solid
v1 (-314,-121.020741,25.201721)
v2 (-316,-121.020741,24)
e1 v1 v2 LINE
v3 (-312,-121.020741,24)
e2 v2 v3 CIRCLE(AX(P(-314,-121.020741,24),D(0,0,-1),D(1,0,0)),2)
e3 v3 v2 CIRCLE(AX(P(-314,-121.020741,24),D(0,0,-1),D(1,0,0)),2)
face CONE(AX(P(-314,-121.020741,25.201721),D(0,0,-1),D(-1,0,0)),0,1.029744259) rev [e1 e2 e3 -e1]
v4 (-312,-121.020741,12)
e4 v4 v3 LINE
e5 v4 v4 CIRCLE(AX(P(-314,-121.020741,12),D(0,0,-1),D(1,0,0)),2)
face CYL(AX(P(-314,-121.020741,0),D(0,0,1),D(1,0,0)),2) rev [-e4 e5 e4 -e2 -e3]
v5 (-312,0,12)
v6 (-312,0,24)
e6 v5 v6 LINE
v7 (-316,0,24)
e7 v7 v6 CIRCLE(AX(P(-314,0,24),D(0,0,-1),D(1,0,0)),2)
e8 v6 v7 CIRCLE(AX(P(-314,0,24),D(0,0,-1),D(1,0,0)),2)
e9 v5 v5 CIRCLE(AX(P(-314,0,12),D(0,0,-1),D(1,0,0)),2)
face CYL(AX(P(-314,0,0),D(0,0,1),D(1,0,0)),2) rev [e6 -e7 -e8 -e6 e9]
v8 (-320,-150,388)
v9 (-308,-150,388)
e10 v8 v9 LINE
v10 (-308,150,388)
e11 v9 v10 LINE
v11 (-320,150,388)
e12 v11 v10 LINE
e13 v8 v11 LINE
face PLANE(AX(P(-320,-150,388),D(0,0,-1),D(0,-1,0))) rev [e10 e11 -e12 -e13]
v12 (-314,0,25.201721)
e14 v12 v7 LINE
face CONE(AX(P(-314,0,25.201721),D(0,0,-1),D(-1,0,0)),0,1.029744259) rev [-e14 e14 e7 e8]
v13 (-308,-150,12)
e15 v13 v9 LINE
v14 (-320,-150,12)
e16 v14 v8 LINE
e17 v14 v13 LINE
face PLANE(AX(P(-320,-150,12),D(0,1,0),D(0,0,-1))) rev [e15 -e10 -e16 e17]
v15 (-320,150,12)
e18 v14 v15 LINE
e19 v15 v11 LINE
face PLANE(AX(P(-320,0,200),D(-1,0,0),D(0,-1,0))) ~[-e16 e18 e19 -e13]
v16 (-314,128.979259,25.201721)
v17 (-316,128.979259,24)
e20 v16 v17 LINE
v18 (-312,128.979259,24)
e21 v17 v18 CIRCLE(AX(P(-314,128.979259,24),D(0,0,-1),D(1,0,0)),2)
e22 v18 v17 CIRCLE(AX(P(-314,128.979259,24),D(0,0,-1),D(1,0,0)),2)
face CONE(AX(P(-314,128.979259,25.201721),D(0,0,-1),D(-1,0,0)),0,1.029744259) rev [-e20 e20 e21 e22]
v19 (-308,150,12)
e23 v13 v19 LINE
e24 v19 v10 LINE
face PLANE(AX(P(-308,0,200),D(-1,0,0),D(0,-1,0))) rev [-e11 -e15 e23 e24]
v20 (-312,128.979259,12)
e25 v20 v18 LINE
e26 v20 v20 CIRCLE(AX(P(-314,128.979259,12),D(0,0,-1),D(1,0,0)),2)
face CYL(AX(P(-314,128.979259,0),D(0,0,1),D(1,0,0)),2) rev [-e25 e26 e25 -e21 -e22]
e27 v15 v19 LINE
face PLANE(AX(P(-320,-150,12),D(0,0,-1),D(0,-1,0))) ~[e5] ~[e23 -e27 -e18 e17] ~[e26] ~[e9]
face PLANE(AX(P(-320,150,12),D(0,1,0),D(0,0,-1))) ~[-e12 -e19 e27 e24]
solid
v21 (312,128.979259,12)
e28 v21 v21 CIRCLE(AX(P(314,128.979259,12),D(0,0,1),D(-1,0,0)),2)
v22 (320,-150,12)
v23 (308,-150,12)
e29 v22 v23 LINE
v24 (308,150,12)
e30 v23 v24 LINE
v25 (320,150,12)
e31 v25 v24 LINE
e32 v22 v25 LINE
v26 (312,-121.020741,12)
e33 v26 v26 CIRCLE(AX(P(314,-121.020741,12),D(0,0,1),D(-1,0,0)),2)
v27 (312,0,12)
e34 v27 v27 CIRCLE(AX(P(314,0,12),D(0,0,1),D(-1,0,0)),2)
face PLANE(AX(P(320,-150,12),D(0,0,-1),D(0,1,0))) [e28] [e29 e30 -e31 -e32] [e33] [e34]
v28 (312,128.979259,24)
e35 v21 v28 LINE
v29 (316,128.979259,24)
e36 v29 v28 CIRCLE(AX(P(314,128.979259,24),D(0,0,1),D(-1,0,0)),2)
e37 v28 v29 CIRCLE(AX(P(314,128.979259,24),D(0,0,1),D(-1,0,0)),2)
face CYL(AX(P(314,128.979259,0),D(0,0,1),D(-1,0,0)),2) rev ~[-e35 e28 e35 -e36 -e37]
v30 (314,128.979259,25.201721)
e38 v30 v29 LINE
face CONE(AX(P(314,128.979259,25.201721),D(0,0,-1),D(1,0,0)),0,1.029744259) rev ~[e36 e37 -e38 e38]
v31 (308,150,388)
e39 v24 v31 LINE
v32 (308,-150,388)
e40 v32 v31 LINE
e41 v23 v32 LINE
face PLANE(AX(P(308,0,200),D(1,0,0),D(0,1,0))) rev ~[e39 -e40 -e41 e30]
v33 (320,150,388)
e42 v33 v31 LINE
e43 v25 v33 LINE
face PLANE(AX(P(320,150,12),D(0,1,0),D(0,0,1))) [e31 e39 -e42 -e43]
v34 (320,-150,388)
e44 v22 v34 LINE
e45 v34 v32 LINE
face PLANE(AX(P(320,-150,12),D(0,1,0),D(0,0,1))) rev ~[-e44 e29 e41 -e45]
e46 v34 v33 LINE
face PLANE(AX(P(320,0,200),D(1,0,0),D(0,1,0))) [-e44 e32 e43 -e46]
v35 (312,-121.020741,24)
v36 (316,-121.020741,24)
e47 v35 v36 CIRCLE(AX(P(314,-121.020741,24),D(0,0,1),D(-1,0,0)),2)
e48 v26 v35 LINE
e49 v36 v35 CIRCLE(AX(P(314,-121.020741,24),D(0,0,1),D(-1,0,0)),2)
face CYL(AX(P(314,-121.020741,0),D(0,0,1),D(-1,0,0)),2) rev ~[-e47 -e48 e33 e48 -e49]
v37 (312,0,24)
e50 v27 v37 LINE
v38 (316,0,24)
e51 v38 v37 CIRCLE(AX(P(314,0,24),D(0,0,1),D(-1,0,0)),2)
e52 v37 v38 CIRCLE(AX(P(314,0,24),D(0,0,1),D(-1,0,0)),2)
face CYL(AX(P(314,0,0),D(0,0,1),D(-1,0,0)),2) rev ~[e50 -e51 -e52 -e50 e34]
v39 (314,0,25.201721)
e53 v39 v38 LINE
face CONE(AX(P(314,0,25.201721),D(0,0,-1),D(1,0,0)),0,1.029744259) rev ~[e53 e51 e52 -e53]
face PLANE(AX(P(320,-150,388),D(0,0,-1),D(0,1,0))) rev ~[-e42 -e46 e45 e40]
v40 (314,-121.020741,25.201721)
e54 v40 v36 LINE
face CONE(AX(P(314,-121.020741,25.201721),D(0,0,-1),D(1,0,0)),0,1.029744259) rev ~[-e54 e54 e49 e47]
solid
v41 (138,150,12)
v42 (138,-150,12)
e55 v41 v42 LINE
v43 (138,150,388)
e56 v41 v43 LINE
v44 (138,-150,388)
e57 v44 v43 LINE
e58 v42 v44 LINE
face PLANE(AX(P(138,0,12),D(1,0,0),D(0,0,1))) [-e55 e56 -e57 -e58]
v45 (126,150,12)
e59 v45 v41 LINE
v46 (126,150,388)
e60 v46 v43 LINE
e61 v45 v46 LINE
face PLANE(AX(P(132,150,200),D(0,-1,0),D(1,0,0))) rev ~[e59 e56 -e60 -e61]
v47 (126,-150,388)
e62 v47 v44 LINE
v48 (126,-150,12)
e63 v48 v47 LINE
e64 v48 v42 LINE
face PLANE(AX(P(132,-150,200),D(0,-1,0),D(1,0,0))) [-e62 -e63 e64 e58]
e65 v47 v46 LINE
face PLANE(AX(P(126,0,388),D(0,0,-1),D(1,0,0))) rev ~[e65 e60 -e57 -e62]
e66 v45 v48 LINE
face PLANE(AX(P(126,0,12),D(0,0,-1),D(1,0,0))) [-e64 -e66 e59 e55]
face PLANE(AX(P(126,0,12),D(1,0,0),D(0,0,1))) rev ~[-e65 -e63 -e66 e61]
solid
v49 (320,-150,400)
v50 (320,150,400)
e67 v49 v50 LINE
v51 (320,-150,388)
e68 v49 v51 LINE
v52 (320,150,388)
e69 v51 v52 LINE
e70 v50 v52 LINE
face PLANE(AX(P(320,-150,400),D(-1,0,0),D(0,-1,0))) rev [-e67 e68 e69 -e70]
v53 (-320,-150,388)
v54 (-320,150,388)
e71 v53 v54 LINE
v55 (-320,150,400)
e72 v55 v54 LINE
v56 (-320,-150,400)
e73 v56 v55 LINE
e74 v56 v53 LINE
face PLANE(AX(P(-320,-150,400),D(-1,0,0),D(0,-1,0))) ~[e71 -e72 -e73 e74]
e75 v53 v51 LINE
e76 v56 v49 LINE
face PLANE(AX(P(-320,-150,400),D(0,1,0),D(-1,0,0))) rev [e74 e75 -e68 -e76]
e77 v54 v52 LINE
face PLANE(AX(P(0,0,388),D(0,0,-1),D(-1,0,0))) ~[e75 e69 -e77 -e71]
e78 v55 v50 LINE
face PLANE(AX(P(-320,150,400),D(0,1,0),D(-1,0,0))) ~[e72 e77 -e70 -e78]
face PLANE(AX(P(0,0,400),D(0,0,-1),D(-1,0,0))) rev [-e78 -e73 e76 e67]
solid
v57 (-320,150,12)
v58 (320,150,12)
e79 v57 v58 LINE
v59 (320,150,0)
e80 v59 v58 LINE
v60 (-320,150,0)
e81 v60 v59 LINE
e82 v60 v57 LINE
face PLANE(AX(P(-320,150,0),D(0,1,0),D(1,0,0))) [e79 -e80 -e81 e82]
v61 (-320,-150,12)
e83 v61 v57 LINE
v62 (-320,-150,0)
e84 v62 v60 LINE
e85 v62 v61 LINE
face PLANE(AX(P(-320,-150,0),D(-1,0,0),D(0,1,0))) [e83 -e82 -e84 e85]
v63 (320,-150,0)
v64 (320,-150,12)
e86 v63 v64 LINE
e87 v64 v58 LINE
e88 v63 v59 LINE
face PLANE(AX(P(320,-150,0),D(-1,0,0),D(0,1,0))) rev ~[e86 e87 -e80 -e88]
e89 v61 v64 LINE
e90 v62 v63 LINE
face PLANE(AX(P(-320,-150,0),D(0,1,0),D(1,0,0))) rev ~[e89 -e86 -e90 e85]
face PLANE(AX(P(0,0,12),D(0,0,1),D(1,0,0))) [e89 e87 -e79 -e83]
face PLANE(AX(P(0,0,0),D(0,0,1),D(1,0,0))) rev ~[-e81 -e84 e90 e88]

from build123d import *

# Parameters (mm, degrees)
F0_W      = 640
F0_H      = 300
F1_DEPTH  = 12
F2_W      = 300
F2_H      = 376
F3_DEPTH  = 12
F5_D      = 4
F5_DEPTH  = 12
F5_TIP    = 1.2017212381
F9_W      = 12
F9_H      = 376
F10_DEPTH = 150


with BuildPart() as f1:
    # F0 (on Top) → F1 (new body)
    with BuildSketch(Plane.XY):
        Rectangle(F0_W, F0_H)
    extrude(amount=F1_DEPTH)


with BuildPart() as f3:
    # F2 (on face) → F3 (new body)
    with BuildSketch(Plane.YZ.offset(320)):
        with Locations((0, 200)):
            Rectangle(F2_W, F2_H)
    extrude(amount=-F3_DEPTH)

    # F5
    with Locations(Plane(origin=(0, 0, 12), x_dir=(1, 0, 0), z_dir=(0, 0, -1))):
        with Locations((314, 121.0207406604), (314, 0), (314, -128.9792593396)):
            Hole(F5_D / 2, depth=F5_DEPTH)
            with Locations((0, 0, -(F5_DEPTH + F5_TIP / 2))):  # 118° drill point
                Cone(0, F5_D / 2, F5_TIP, mode=Mode.SUBTRACT)


with BuildPart() as f7_1:
    # F7: instance of F3
    add(f3.part.mirror(Plane.YZ))


with BuildPart() as f8_1:
    # F8: instance of F1
    add(f1.part.mirror(Plane(origin=(314, -0.014037233, 200), x_dir=(1, 0, 0), z_dir=(0, 0, -1))))


with BuildPart() as f10:
    # F9 (on Front) → F10 (new body, symmetric)
    with BuildSketch(Plane.XZ):
        with Locations((132, 200)):
            Rectangle(F9_W, F9_H)
    extrude(amount=F10_DEPTH, both=True)


solid = Compound([f1.part, f3.part, f7_1.part, f8_1.part, f10.part])
